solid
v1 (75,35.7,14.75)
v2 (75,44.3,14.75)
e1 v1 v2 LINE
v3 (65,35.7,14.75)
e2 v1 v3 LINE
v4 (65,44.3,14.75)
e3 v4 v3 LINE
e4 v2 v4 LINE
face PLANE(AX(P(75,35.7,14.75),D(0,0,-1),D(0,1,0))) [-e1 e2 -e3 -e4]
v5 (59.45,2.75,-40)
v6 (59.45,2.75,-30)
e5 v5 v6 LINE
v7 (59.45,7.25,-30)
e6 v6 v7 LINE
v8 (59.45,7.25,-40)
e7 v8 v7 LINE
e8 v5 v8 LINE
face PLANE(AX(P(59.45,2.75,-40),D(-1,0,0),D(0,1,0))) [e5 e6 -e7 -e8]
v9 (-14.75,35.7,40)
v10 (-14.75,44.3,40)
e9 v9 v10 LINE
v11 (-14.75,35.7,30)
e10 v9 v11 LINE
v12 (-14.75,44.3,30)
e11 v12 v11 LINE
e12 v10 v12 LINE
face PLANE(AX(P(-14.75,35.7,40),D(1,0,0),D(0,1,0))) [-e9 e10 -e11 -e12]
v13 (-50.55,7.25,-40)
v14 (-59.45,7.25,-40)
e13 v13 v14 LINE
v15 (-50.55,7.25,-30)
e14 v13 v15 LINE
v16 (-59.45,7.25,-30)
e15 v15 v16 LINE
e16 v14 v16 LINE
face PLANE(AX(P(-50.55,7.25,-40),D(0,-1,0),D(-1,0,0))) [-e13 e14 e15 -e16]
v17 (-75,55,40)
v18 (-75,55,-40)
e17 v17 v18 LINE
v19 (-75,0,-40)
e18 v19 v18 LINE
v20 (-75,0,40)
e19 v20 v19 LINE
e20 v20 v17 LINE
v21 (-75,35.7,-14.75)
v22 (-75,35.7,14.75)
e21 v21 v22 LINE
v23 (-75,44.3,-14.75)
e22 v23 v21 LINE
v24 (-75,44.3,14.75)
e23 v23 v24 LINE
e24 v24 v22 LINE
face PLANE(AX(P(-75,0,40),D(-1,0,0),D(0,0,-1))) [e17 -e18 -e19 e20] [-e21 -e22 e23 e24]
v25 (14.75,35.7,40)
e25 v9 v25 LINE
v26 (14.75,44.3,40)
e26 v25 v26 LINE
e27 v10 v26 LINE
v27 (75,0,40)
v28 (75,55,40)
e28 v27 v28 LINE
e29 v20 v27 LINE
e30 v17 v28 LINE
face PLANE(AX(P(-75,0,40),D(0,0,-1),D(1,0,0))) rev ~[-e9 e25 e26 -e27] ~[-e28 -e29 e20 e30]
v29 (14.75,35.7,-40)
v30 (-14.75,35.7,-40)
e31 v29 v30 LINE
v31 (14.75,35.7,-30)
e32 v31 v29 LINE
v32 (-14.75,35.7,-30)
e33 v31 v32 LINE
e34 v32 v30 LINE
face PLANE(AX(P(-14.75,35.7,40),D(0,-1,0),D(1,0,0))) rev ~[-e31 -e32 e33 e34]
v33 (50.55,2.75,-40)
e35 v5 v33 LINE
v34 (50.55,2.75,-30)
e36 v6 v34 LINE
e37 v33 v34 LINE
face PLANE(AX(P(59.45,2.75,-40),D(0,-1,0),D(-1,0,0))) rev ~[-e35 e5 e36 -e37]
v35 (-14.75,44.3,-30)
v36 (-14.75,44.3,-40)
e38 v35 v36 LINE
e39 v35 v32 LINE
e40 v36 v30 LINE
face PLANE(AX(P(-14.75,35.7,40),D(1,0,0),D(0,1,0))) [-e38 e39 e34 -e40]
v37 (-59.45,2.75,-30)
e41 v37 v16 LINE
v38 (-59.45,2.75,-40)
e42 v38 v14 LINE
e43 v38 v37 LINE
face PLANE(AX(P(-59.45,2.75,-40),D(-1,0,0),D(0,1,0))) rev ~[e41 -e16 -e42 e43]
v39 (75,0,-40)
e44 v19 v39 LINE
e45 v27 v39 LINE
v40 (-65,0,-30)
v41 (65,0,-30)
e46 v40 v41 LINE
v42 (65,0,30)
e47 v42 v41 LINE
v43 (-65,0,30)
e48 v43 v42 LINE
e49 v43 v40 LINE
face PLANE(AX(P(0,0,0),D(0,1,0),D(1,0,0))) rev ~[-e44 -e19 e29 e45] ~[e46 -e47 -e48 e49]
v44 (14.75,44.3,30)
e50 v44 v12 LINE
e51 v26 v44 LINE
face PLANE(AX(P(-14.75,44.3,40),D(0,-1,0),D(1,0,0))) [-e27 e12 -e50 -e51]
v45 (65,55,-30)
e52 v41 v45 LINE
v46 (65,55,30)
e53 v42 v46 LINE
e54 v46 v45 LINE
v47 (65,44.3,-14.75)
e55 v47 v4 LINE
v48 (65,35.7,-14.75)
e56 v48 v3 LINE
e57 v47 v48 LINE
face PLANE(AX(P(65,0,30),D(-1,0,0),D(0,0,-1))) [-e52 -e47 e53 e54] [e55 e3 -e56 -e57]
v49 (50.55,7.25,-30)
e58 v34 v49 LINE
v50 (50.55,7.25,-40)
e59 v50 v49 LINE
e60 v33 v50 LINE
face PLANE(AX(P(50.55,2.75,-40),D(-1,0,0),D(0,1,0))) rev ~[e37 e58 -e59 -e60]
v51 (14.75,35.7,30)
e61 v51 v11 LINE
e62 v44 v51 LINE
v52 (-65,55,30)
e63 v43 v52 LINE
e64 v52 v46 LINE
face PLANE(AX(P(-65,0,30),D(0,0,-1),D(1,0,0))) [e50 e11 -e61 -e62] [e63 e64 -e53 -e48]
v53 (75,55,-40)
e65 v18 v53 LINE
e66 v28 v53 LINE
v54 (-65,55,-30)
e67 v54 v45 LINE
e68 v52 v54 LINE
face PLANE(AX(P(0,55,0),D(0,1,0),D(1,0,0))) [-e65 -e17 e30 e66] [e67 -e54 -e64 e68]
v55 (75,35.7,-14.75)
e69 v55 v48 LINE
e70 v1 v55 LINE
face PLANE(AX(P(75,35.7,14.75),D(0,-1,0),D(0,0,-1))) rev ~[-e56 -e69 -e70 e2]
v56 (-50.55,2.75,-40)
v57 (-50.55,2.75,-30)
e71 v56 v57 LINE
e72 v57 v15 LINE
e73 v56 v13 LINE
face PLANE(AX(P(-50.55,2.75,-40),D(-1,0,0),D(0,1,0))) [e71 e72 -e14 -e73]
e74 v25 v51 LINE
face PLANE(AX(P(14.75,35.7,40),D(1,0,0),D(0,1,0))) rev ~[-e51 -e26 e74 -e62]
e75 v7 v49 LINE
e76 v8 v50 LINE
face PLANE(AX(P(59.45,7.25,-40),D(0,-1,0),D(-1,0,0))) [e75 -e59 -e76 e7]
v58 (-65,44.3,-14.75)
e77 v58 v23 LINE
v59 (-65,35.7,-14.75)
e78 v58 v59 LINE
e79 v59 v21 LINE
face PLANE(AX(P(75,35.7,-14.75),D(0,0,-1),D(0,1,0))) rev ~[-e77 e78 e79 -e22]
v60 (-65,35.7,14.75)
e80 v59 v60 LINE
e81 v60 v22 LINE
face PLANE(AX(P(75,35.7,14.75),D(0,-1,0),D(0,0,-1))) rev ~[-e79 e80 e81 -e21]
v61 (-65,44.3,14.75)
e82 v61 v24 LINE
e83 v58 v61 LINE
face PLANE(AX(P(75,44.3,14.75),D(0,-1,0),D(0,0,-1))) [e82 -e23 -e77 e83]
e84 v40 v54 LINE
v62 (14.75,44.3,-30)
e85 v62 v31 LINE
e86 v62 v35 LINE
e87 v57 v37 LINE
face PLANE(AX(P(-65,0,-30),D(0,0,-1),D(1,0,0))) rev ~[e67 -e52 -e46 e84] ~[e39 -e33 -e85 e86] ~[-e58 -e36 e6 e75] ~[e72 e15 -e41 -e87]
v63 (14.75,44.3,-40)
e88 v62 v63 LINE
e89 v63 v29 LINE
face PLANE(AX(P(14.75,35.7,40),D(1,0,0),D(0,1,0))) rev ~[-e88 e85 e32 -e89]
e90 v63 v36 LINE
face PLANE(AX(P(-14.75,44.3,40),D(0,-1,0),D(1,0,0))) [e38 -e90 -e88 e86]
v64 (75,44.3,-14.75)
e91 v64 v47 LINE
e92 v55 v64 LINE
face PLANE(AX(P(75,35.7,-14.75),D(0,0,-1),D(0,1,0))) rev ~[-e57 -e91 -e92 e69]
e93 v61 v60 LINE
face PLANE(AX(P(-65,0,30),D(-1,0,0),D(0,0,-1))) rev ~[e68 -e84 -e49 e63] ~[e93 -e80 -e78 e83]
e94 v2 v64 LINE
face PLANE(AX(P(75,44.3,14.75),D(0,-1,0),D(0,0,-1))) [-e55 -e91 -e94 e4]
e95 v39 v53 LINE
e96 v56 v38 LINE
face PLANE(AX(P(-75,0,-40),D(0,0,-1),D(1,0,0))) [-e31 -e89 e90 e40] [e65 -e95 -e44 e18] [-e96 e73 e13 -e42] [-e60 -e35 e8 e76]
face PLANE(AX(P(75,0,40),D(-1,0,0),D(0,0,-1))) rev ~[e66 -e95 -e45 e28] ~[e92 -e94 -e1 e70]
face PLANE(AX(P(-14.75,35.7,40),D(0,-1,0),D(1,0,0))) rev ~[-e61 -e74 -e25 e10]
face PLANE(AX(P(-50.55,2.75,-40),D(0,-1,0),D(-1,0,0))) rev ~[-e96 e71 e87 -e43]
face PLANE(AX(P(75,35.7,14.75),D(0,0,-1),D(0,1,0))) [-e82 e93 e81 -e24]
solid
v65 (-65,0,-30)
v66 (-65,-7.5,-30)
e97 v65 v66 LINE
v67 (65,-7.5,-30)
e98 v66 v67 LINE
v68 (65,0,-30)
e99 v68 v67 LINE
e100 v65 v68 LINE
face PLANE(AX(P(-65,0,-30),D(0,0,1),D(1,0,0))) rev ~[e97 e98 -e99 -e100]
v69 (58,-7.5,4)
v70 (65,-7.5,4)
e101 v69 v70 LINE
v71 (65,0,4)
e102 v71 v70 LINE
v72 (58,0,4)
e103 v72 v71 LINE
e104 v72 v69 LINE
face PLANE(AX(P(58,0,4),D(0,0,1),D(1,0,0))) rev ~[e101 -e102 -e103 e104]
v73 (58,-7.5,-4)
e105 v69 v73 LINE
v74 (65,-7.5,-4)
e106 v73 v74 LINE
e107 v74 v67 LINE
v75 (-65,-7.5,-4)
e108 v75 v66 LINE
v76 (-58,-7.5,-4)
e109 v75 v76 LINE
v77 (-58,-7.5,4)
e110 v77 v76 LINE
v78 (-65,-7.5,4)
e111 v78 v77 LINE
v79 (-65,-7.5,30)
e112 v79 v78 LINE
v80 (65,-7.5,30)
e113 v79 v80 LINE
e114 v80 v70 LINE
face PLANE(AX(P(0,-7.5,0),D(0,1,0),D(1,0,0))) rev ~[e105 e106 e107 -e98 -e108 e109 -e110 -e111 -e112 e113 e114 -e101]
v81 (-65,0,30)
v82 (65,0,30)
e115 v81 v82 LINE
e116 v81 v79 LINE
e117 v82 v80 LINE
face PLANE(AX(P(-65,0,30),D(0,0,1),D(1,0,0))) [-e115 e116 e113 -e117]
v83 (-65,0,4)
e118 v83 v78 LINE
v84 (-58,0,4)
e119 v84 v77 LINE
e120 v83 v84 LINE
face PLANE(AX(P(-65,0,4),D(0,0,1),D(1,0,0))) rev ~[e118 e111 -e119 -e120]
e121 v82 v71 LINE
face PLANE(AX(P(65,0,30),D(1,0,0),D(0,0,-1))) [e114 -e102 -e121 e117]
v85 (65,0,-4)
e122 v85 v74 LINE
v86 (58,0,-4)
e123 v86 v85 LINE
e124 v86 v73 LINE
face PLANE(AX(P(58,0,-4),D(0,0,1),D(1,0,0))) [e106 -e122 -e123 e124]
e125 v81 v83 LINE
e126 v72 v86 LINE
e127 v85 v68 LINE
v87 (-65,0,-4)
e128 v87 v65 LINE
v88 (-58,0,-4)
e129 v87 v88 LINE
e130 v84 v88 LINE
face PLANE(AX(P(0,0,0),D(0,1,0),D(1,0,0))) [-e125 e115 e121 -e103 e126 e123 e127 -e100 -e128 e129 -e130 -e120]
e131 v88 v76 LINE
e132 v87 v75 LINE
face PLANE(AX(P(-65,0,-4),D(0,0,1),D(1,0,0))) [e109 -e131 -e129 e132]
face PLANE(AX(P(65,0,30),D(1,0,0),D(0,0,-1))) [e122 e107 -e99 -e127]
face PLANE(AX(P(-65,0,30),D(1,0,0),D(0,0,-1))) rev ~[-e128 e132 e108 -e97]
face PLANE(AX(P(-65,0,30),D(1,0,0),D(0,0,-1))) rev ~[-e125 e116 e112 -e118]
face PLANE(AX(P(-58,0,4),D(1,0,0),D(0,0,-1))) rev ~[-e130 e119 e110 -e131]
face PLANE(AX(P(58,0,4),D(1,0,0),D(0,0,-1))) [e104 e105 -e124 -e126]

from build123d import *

# Parameters (mm, degrees)
CROQUIS1_W              = 130
CROQUIS1_H              = 60
SALIENTE_EXTRUIR1_DEPTH = 7.5
CROQUIS1_3_W            = 150
CROQUIS1_3_H            = 80
CROQUIS1_3_W_2          = 130
CROQUIS1_3_H_2          = 60
SALIENTE_EXTRUIR2_DEPTH = 55
CROQUIS2_W              = 7
CROQUIS2_H              = 8
CORTAR_EXTRUIR1_DEPTH   = 102.242283657
CROQUIS3_W              = 29.5
CROQUIS3_H              = 8.6
CORTAR_EXTRUIR2_DEPTH   = 123.678441464
CROQUIS4_W              = 8.9
CROQUIS4_H              = 4.5
CORTAR_EXTRUIR3_DEPTH   = 10
CROQUIS5_W              = 29.5
CROQUIS5_H              = 8.6
CORTAR_EXTRUIR4_DEPTH   = 165.69669092


with BuildPart() as part:
    # Croquis1 → Saliente-Extruir1 (new body)
    with BuildSketch(Plane(origin=(0, 0, 0), x_dir=(1, 0, 0), z_dir=(0, 1, 0))):
        Rectangle(CROQUIS1_W, CROQUIS1_H)
    extrude(amount=-SALIENTE_EXTRUIR1_DEPTH)

    # Croquis2 → Cortar-Extruir1 (cut, through all)
    with BuildSketch(Plane(origin=(0, 0, 0), x_dir=(1, 0, 0), z_dir=(0, 1, 0))):
        with Locations((61.5, 0)):
            Rectangle(CROQUIS2_W, CROQUIS2_H)
        with Locations((-61.5, 0)):
            Rectangle(CROQUIS2_W, CROQUIS2_H)
    extrude(amount=-CORTAR_EXTRUIR1_DEPTH, mode=Mode.SUBTRACT)


with BuildPart() as body_2:
    # Croquis1<3> → Saliente-Extruir2 (new body)
    with BuildSketch(Plane(origin=(0, 0, 0), x_dir=(1, 0, 0), z_dir=(0, 1, 0))):
        Rectangle(CROQUIS1_3_W, CROQUIS1_3_H)
        Rectangle(CROQUIS1_3_W_2, CROQUIS1_3_H_2, mode=Mode.SUBTRACT)
    extrude(amount=SALIENTE_EXTRUIR2_DEPTH)

    # Croquis3 → Cortar-Extruir2 (cut, through all)
    with BuildSketch(Plane.XY.offset(40)):
        with Locations((0, 40)):
            Rectangle(CROQUIS3_W, CROQUIS3_H)
    extrude(amount=-CORTAR_EXTRUIR2_DEPTH, mode=Mode.SUBTRACT)

    # Croquis4 → Cortar-Extruir3 (cut)
    with BuildSketch(Plane(origin=(0, 0, -40), x_dir=(-1, 0, 0), z_dir=(0, 0, -1))):
        with Locations((-55, 5)):
            Rectangle(CROQUIS4_W, CROQUIS4_H)
        with Locations((55, 5)):
            Rectangle(CROQUIS4_W, CROQUIS4_H)
    extrude(amount=-CORTAR_EXTRUIR3_DEPTH, mode=Mode.SUBTRACT)

    # Croquis5 → Cortar-Extruir4 (cut, through all)
    with BuildSketch(Plane(origin=(75, 0, 0), x_dir=(0, 0, -1), z_dir=(1, 0, 0))):
        with Locations((0, 40)):
            Rectangle(CROQUIS5_W, CROQUIS5_H)
    extrude(amount=-CORTAR_EXTRUIR4_DEPTH, mode=Mode.SUBTRACT)


solid = Compound([part.part, body_2.part])
